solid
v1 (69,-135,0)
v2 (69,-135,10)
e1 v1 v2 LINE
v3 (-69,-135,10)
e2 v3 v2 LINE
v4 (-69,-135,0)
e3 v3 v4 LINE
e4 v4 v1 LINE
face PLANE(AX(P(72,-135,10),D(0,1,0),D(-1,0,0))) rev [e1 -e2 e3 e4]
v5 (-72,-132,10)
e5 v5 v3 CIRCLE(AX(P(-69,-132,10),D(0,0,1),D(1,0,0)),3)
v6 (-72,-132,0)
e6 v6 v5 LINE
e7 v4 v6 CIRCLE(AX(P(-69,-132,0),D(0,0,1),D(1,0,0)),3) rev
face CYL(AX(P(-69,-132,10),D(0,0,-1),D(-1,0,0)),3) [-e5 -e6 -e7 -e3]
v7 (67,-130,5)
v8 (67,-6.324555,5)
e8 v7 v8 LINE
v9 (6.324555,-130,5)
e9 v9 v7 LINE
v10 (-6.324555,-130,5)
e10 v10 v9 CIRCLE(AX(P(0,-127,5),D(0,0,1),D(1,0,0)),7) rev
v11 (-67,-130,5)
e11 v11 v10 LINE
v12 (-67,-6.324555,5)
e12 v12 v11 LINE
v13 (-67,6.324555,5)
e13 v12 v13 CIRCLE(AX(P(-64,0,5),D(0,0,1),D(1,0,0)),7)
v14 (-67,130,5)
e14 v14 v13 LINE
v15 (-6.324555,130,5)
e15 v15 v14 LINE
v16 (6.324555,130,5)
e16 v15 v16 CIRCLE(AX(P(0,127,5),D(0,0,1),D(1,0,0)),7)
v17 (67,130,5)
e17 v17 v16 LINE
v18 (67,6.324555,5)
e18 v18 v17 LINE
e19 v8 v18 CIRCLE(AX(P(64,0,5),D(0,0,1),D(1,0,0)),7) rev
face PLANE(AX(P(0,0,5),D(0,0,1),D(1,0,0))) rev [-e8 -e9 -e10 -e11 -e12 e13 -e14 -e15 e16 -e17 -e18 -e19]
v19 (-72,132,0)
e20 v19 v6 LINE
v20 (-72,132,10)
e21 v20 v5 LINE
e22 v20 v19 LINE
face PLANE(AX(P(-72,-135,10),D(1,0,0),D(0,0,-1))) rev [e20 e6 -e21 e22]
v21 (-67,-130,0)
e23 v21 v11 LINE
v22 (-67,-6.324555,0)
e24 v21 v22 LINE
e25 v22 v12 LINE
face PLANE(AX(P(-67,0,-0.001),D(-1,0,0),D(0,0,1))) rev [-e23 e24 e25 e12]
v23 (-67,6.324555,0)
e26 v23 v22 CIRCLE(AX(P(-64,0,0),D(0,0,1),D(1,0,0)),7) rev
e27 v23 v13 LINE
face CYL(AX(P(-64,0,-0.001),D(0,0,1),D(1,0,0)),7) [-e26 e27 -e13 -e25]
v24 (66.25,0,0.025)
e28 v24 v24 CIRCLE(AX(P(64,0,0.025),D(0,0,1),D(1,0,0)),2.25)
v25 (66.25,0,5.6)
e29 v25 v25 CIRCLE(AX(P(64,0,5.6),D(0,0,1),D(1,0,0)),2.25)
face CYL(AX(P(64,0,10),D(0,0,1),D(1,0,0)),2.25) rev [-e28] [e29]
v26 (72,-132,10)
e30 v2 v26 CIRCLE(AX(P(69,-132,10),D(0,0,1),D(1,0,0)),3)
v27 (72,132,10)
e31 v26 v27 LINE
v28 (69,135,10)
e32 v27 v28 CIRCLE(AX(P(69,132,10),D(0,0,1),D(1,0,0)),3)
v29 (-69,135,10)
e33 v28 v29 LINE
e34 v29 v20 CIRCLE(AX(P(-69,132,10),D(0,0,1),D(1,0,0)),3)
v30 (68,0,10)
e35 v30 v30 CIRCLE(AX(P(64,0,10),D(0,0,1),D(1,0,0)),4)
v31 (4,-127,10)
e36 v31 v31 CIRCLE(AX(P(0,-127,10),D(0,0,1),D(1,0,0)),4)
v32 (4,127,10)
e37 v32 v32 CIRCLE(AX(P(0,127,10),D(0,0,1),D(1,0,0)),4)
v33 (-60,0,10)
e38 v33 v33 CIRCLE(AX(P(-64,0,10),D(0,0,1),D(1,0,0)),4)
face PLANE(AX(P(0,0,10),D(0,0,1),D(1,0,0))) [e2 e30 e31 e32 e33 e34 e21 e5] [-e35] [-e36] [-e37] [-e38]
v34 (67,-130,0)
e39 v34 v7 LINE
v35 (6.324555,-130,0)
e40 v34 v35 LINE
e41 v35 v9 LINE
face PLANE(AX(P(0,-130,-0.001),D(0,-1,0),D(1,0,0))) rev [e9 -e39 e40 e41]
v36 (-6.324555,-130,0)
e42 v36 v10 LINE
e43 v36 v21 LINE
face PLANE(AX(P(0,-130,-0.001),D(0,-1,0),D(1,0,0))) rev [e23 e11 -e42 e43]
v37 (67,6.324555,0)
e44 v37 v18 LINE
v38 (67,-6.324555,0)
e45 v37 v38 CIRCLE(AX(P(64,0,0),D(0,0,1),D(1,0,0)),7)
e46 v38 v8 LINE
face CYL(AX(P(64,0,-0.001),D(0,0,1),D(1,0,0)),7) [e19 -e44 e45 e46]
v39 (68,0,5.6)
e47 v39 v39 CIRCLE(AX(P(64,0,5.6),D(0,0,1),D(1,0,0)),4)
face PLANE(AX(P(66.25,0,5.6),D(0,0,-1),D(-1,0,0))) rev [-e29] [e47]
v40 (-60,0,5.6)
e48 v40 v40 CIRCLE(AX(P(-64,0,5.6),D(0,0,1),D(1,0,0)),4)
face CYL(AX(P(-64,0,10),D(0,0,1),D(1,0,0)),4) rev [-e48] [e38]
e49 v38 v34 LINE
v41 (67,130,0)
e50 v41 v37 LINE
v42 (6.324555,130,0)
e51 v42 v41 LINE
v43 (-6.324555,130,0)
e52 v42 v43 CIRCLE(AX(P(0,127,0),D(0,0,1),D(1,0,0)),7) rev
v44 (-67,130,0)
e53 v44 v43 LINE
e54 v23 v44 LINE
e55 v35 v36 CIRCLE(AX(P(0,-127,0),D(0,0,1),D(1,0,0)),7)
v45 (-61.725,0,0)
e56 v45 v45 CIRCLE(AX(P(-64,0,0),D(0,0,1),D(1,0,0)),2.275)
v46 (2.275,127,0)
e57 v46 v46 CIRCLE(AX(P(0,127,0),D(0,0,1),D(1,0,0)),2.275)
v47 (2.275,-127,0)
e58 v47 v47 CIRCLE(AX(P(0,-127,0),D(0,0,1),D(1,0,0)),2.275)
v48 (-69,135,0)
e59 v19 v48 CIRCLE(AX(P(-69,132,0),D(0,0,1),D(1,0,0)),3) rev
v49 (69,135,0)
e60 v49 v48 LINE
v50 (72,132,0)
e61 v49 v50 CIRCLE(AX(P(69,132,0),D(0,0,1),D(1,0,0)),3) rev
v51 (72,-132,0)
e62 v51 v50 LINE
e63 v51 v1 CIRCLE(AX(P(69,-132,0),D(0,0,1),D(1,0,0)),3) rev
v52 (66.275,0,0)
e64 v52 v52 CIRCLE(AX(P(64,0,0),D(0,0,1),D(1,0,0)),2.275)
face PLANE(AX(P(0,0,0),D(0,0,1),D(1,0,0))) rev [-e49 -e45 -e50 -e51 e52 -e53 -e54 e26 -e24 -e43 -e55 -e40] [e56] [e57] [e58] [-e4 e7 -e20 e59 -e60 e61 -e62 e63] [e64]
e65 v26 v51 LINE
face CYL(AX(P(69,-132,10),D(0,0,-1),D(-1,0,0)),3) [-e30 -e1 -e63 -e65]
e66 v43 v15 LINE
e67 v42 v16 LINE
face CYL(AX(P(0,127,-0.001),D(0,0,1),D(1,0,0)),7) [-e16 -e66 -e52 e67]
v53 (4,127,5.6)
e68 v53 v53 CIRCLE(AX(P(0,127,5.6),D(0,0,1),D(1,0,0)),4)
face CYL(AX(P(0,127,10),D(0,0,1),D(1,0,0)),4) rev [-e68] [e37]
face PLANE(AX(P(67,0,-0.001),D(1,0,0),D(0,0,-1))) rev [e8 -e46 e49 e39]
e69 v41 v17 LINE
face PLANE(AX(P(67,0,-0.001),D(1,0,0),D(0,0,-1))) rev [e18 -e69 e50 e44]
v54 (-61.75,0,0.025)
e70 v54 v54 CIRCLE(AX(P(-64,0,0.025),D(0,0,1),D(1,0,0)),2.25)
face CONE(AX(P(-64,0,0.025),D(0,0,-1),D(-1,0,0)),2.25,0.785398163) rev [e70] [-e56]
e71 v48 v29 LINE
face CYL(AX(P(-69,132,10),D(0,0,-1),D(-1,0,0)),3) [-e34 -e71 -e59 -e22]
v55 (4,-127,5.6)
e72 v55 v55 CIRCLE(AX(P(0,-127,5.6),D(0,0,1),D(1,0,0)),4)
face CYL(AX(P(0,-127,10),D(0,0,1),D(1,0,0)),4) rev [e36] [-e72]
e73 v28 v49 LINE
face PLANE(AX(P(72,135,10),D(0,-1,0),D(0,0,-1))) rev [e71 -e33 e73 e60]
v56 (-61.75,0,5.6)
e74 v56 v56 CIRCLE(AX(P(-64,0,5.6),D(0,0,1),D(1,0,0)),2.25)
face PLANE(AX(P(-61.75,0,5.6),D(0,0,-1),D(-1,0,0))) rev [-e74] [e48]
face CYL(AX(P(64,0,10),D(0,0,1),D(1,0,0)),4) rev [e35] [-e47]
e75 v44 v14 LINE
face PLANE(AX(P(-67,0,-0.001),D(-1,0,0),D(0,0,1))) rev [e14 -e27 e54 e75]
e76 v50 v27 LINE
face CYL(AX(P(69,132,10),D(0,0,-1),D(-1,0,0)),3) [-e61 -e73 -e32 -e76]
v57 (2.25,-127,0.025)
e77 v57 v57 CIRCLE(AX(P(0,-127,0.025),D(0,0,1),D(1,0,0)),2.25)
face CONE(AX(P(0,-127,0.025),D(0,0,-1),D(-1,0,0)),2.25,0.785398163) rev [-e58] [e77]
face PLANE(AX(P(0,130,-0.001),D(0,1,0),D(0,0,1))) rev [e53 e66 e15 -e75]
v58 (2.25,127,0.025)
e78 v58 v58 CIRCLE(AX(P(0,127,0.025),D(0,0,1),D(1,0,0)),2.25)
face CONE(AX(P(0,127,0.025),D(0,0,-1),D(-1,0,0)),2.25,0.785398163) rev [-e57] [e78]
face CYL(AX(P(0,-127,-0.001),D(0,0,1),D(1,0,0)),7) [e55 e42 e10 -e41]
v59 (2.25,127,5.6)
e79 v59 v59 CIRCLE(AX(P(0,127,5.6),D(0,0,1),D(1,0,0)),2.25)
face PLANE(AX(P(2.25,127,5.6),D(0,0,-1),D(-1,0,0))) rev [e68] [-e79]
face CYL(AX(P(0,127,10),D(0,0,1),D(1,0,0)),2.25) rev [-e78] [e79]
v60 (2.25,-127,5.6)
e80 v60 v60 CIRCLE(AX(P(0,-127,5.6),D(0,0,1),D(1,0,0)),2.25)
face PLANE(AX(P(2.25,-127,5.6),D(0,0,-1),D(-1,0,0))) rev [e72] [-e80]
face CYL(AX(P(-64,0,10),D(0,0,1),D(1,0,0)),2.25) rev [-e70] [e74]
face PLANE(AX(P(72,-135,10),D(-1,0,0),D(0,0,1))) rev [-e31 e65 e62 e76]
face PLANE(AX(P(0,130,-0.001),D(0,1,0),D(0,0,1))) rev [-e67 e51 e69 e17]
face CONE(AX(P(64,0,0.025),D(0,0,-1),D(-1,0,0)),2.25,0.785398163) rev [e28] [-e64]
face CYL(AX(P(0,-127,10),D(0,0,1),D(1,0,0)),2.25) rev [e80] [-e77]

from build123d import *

# Parameters (mm, degrees)
SKETCH1_W                                    = 144
SKETCH1_H                                    = 270
BOSS_EXTRUDE1_DEPTH                          = 10
CBORE_FOR_M4_HEX_SOCKET_HEAD_CAP_SCR_2_COUNT = 2
CBORE_FOR_M4_HEX_SOCKET_HEAD_CAP_SCR_2_PITCH = 142.214626533
CBORE_FOR_M4_HEX_SOCKET_HEAD_CAP_SCR_3_COUNT = 2
CBORE_FOR_M4_HEX_SOCKET_HEAD_CAP_SCR_3_PITCH = 254
CBORE_FOR_M4_HEX_SOCKET_HEAD_CAP_SCR_4_COUNT = 2
CBORE_FOR_M4_HEX_SOCKET_HEAD_CAP_SCR_4_PITCH = 142.214626533
CUT_EXTRUDE1_REACH                           = 160.326
CUT_EXTRUDE1_START                           = -5
FILLET1_R                                    = 3


with BuildPart() as part:
    # Sketch1 → Boss-Extrude1 (new body)
    with BuildSketch(Plane.XY):
        Rectangle(SKETCH1_W, SKETCH1_H)
    extrude(amount=BOSS_EXTRUDE1_DEPTH)

    # Sketch3 → CBORE for M4 Hex Socket Head Cap Screw1 (revolve, cut)
    with BuildSketch(Plane(origin=(0, 127, 10), x_dir=(0, -1, 0), z_dir=(1, 0, 0))):
        Polygon((0, 0), (0, 10), (2.275, 10), (2.25, 9.975), (2.25, 4.4), (4, 4.4), (4, 0), align=None)
    cbore_for_m4_hex_socket_head_cap_screw1 = revolve(axis=Axis((0, 127, 16.35), (0, 0, -1)), mode=Mode.SUBTRACT)

    # CBORE for M4 Hex Socket Head Cap Scr 2: CBORE for M4 Hex Socket Head Cap Screw1 ×2
    with Locations(*[Vector(-0.4500240345181632, -0.8930164434969801, 0) * (i * CBORE_FOR_M4_HEX_SOCKET_HEAD_CAP_SCR_2_PITCH) for i in range(1, CBORE_FOR_M4_HEX_SOCKET_HEAD_CAP_SCR_2_COUNT)]):
        add(cbore_for_m4_hex_socket_head_cap_screw1, mode=Mode.SUBTRACT)

    # CBORE for M4 Hex Socket Head Cap Scr 3: CBORE for M4 Hex Socket Head Cap Screw1 ×2
    with Locations(*[(0, -i * CBORE_FOR_M4_HEX_SOCKET_HEAD_CAP_SCR_3_PITCH, 0) for i in range(1, CBORE_FOR_M4_HEX_SOCKET_HEAD_CAP_SCR_3_COUNT)]):
        add(cbore_for_m4_hex_socket_head_cap_screw1, mode=Mode.SUBTRACT)

    # CBORE for M4 Hex Socket Head Cap Scr 4: CBORE for M4 Hex Socket Head Cap Screw1 ×2
    with Locations(*[Vector(0.4500240345181632, -0.8930164434969801, 0) * (i * CBORE_FOR_M4_HEX_SOCKET_HEAD_CAP_SCR_4_PITCH) for i in range(1, CBORE_FOR_M4_HEX_SOCKET_HEAD_CAP_SCR_4_COUNT)]):
        add(cbore_for_m4_hex_socket_head_cap_screw1, mode=Mode.SUBTRACT)

    # Sketch4 → Cut-Extrude1 (cut, up to next)
    with BuildSketch(Plane.XY.offset(10).offset(CUT_EXTRUDE1_START), mode=Mode.PRIVATE) as cut_extrude1_sk1:
        with BuildLine():
            Line((-67, -6.32455532), (-67, -130))
            Line((-67, -130), (-6.32455532, -130))
            ThreePointArc((-6.32455532, -130), (0, -120), (6.32455532, -130))
            Line((6.32455532, -130), (67, -130))
            Line((67, -130), (67, -6.32455532))
            ThreePointArc((67, -6.32455532), (57, 0), (67, 6.32455532))
            Line((67, 6.32455532), (67, 130))
            Line((67, 130), (6.32455532, 130))
            ThreePointArc((6.32455532, 130), (0, 120), (-6.32455532, 130))
            Line((-6.32455532, 130), (-67, 130))
            Line((-67, 130), (-67, 6.32455532))
            ThreePointArc((-67, 6.32455532), (-57, 0), (-67, -6.32455532))
        make_face()
    cut_extrude1_tool1 = extrude(cut_extrude1_sk1.sketch, amount=-CUT_EXTRUDE1_REACH, mode=Mode.PRIVATE) & part.part
    add(cut_extrude1_tool1.solids().sort_by_distance((0, 0, 5))[0], mode=Mode.SUBTRACT)

    # Fillet1
    fillet1_edges = [part.edges().sort_by_distance(p)[0] for p in [
        (-72, 135, 5),
        (72, 135, 5),
        (72, -135, 5),
        (-72, -135, 5),
    ]]
    fillet(fillet1_edges, radius=FILLET1_R)


solid = part.part
